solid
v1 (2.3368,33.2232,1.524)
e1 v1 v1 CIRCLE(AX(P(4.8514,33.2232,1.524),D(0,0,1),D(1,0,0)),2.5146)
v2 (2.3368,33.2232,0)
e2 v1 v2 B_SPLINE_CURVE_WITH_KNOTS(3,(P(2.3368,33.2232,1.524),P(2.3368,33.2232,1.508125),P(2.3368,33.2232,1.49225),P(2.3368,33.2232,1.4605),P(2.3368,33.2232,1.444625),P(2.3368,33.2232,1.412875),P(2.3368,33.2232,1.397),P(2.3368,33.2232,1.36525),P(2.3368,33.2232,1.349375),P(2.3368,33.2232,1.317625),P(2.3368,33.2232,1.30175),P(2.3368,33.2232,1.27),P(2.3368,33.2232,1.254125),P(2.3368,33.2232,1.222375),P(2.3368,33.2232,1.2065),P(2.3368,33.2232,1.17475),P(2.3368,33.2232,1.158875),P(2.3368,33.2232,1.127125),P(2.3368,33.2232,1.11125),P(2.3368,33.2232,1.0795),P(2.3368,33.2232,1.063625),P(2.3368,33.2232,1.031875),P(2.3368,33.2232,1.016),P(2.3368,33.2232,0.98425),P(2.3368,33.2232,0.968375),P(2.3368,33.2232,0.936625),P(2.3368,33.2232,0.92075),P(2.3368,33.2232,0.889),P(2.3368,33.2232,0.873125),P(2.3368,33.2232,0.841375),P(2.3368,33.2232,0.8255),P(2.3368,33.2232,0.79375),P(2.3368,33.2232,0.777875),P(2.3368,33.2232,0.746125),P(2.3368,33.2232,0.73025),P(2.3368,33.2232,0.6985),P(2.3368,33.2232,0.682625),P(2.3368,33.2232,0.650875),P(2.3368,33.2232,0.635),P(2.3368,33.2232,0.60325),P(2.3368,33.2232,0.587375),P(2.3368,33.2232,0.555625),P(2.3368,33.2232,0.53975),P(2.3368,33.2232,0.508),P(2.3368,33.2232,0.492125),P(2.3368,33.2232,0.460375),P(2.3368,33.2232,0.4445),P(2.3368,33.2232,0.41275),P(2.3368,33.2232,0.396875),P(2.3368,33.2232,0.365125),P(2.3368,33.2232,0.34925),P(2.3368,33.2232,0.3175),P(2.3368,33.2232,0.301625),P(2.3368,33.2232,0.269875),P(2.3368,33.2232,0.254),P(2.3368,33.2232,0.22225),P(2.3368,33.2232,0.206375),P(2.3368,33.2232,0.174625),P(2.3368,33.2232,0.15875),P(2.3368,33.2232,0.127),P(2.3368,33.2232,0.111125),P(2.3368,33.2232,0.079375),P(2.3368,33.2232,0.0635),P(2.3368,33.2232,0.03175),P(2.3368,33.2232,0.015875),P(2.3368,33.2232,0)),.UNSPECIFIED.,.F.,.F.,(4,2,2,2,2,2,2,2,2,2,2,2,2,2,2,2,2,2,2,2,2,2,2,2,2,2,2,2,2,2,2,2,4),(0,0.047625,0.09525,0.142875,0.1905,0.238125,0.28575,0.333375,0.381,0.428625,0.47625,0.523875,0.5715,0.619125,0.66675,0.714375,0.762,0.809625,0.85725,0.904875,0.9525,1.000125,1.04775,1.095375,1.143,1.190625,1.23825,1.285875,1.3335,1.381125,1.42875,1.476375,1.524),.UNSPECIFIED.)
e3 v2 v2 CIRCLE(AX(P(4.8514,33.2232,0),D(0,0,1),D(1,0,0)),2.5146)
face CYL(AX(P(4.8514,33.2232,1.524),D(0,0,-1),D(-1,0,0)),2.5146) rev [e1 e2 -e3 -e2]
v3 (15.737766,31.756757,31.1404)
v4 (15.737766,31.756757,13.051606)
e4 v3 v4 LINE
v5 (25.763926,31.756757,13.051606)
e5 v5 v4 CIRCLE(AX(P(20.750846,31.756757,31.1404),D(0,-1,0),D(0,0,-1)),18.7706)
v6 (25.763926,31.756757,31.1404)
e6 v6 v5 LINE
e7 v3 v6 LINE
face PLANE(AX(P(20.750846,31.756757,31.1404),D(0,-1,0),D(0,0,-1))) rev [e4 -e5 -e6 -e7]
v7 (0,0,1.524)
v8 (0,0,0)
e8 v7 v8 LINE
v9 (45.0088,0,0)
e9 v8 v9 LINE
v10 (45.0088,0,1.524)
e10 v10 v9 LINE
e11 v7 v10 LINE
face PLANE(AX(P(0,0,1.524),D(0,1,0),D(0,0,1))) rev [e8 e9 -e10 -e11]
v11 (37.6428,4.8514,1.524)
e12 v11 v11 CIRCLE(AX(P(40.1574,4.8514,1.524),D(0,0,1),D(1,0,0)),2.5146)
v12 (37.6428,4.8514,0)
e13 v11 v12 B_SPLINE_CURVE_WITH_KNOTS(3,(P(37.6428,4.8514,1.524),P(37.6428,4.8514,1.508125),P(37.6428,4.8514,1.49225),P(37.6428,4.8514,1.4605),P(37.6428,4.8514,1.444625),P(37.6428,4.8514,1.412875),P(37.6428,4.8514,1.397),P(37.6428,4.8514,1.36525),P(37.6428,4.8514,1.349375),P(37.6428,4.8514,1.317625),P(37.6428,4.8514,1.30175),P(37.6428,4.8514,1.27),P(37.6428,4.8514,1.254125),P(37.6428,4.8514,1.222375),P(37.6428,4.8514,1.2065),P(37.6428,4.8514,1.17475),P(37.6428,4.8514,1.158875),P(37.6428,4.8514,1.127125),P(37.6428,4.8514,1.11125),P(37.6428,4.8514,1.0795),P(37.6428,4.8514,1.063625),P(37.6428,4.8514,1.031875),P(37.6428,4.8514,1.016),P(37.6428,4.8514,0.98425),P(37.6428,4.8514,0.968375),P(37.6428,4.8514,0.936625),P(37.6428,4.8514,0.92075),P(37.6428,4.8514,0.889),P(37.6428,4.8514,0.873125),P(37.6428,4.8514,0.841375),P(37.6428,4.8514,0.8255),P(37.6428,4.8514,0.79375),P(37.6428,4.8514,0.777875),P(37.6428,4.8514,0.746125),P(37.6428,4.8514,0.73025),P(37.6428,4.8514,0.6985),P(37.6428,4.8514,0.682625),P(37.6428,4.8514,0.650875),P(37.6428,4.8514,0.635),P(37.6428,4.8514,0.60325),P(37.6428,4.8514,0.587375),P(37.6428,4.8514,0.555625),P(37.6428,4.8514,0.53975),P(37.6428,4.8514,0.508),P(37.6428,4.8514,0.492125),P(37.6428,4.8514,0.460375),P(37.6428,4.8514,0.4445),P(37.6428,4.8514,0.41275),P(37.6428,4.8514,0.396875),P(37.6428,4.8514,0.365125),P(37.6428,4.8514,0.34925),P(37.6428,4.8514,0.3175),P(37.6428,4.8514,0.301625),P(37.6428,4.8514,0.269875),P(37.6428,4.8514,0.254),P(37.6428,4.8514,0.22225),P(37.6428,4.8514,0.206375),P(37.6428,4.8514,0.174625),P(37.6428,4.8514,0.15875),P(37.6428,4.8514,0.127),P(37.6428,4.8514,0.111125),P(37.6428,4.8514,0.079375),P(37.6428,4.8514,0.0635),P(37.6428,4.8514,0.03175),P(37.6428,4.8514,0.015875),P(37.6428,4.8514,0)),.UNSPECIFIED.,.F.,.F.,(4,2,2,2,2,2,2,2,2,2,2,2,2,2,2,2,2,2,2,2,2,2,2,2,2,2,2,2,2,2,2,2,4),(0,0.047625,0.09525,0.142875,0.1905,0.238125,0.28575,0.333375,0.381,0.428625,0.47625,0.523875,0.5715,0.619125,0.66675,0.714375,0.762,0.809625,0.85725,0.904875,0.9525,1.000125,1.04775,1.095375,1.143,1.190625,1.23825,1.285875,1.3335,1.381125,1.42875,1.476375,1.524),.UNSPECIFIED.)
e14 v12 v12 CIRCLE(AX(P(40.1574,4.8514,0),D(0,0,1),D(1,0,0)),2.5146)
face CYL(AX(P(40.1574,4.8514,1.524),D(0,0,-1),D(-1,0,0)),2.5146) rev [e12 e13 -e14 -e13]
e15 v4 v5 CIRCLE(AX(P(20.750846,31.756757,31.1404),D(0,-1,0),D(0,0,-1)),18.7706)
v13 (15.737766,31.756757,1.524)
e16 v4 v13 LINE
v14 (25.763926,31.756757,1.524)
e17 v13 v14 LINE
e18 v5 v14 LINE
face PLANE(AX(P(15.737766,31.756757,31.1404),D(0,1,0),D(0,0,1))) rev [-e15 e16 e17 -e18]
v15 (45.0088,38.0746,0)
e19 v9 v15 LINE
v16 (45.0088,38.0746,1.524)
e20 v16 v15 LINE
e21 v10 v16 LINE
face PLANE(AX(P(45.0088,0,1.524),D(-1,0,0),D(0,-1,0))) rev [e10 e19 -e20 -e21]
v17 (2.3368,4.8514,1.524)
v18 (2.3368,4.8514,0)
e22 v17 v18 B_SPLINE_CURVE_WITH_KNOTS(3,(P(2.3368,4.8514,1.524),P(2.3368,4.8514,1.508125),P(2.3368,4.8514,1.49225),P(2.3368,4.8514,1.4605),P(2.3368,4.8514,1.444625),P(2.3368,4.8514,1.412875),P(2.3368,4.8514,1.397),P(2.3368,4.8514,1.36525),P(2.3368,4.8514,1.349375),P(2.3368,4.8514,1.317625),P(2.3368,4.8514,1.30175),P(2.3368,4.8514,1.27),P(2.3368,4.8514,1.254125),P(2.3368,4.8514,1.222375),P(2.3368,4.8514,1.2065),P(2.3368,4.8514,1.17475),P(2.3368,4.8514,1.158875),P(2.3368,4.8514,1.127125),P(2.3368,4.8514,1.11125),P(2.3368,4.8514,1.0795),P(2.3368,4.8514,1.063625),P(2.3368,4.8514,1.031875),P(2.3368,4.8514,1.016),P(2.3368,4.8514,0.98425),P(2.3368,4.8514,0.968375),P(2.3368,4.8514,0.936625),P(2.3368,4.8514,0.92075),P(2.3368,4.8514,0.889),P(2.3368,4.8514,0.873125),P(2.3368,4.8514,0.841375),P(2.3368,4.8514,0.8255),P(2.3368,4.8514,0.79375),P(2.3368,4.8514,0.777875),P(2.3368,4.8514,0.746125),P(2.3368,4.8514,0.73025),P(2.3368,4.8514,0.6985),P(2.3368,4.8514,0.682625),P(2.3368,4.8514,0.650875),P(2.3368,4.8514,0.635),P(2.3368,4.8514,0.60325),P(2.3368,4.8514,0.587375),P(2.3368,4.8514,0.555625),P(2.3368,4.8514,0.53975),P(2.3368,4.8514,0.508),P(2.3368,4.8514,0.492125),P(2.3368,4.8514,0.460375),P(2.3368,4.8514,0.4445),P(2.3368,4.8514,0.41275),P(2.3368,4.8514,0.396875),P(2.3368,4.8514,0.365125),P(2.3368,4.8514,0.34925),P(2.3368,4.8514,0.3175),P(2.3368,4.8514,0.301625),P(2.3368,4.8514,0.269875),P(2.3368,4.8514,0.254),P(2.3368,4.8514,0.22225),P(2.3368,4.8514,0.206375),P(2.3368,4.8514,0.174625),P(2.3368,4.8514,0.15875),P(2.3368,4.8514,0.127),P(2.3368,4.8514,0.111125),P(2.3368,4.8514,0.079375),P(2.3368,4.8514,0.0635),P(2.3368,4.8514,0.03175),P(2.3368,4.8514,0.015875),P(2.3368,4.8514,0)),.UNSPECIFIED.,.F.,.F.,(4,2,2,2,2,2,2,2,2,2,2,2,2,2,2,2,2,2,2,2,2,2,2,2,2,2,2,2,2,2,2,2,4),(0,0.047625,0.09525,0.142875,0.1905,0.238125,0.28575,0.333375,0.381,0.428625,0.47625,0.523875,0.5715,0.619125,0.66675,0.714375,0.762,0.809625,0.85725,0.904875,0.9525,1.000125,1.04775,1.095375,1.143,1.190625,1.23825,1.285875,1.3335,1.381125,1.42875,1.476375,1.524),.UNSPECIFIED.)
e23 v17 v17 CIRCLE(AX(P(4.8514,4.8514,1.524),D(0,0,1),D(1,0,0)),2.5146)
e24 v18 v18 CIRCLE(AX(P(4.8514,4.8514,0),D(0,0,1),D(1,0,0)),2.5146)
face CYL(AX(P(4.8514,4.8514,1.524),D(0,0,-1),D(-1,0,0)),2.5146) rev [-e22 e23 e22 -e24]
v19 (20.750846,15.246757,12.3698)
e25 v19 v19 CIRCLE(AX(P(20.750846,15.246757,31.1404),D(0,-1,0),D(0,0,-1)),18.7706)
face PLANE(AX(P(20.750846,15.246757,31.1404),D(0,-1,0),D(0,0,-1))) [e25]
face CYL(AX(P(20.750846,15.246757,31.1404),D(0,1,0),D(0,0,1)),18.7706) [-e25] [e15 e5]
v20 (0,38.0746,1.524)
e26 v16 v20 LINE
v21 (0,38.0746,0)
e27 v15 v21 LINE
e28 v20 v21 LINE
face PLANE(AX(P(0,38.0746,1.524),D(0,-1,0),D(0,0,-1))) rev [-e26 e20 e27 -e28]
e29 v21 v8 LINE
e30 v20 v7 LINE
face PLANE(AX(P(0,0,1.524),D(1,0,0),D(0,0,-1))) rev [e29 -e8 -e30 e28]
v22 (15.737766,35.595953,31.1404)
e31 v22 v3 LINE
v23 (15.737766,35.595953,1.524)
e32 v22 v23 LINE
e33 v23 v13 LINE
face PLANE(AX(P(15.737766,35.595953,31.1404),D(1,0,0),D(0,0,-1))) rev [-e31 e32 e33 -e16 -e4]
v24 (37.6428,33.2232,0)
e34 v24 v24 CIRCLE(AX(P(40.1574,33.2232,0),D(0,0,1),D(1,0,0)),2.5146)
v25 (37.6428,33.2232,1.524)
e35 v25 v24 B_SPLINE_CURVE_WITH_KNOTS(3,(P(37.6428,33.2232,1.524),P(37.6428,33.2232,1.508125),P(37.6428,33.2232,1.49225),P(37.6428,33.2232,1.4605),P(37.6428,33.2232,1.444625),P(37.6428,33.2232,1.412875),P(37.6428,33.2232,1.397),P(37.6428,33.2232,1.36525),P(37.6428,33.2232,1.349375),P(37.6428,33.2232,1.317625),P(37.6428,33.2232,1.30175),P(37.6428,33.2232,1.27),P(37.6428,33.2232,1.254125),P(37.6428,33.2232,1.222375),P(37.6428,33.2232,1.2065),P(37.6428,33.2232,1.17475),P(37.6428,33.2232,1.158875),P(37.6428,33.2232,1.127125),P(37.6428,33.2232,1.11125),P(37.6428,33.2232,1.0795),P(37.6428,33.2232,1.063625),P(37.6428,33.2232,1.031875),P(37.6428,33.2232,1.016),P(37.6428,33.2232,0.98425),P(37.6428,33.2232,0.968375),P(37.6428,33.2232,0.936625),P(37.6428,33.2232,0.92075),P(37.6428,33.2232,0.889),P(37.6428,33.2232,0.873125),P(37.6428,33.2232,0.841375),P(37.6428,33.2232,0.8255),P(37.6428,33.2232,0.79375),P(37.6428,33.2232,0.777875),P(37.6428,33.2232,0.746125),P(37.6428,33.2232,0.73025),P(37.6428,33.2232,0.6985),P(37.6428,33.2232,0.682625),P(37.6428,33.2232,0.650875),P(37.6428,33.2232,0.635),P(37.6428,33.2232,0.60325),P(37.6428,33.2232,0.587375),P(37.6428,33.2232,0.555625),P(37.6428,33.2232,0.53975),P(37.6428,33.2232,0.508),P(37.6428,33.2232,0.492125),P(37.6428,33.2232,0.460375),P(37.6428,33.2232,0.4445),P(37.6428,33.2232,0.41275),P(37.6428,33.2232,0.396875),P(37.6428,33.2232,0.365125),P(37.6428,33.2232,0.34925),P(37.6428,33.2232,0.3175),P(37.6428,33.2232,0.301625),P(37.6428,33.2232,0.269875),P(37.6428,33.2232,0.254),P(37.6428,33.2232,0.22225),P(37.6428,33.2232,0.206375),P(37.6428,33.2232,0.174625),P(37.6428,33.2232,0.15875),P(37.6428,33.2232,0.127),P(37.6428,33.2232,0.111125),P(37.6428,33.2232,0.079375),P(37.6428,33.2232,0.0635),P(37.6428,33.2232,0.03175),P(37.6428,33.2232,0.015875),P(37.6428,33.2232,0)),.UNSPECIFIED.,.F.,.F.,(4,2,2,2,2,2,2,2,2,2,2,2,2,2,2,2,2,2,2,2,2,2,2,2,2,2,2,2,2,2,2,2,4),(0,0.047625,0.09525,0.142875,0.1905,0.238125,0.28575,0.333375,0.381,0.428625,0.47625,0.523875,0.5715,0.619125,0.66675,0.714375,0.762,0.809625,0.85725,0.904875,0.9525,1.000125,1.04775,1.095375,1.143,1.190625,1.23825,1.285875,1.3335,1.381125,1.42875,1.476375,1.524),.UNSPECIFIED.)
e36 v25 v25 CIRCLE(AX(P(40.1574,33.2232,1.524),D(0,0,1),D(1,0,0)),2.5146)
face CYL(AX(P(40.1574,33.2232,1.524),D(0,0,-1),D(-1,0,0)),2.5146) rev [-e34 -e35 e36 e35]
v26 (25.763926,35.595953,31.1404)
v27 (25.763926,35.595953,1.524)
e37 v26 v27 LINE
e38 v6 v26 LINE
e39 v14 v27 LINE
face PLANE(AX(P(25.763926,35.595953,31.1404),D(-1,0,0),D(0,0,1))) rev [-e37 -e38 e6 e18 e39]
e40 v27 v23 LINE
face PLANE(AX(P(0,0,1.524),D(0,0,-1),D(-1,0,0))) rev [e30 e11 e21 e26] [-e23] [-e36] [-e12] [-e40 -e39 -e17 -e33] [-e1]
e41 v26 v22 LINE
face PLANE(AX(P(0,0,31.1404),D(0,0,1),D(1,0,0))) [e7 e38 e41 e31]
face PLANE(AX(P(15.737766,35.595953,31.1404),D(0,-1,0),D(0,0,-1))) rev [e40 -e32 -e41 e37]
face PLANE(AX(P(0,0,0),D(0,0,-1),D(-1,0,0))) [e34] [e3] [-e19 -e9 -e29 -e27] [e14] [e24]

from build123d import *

# Parameters (mm, degrees)
SKETCH2_W           = 45.0088
SKETCH2_H           = 38.0746
SKETCH2_R           = 2.5146
BOSS_EXTRUDE1_DEPTH = 1.524
SKETCH3_W           = 10.026160074
SKETCH3_H           = 3.839196093
BOSS_EXTRUDE2_DEPTH = 29.6164
SKETCH4_R           = 18.7706
BOSS_EXTRUDE3_DEPTH = 16.51


with BuildPart() as part:
    # Sketch2 → Boss-Extrude1 (new body)
    with BuildSketch(Plane.XY):
        with Locations((22.5044, 19.0373)):
            Rectangle(SKETCH2_W, SKETCH2_H)
        with Locations(Location((4.8514, 33.2232, 0), (0, 0, 180))):
            Circle(SKETCH2_R, mode=Mode.SUBTRACT)
        with Locations(Location((4.8514, 4.8514, 0), (0, 0, 180))):
            Circle(SKETCH2_R, mode=Mode.SUBTRACT)
        with Locations(Location((40.1574, 4.8514, 0), (0, 0, 180))):
            Circle(SKETCH2_R, mode=Mode.SUBTRACT)
        with Locations(Location((40.1574, 33.2232, 0), (0, 0, 180))):
            Circle(SKETCH2_R, mode=Mode.SUBTRACT)
    extrude(amount=BOSS_EXTRUDE1_DEPTH)

    # Sketch3 → Boss-Extrude2 (add)
    with BuildSketch(Plane.XY.offset(1.524)):
        with Locations((20.750845866, 33.676355349)):
            Rectangle(SKETCH3_W, SKETCH3_H)
    extrude(amount=BOSS_EXTRUDE2_DEPTH)

    # Sketch4 → Boss-Extrude3 (add)
    with BuildSketch(Plane.XZ.offset(-31.756757303)):
        with Locations(Location((20.750845866, 31.1404, 0), (0, 0, 285.490039243))):
            Circle(SKETCH4_R)
    extrude(amount=BOSS_EXTRUDE3_DEPTH)


solid = part.part
